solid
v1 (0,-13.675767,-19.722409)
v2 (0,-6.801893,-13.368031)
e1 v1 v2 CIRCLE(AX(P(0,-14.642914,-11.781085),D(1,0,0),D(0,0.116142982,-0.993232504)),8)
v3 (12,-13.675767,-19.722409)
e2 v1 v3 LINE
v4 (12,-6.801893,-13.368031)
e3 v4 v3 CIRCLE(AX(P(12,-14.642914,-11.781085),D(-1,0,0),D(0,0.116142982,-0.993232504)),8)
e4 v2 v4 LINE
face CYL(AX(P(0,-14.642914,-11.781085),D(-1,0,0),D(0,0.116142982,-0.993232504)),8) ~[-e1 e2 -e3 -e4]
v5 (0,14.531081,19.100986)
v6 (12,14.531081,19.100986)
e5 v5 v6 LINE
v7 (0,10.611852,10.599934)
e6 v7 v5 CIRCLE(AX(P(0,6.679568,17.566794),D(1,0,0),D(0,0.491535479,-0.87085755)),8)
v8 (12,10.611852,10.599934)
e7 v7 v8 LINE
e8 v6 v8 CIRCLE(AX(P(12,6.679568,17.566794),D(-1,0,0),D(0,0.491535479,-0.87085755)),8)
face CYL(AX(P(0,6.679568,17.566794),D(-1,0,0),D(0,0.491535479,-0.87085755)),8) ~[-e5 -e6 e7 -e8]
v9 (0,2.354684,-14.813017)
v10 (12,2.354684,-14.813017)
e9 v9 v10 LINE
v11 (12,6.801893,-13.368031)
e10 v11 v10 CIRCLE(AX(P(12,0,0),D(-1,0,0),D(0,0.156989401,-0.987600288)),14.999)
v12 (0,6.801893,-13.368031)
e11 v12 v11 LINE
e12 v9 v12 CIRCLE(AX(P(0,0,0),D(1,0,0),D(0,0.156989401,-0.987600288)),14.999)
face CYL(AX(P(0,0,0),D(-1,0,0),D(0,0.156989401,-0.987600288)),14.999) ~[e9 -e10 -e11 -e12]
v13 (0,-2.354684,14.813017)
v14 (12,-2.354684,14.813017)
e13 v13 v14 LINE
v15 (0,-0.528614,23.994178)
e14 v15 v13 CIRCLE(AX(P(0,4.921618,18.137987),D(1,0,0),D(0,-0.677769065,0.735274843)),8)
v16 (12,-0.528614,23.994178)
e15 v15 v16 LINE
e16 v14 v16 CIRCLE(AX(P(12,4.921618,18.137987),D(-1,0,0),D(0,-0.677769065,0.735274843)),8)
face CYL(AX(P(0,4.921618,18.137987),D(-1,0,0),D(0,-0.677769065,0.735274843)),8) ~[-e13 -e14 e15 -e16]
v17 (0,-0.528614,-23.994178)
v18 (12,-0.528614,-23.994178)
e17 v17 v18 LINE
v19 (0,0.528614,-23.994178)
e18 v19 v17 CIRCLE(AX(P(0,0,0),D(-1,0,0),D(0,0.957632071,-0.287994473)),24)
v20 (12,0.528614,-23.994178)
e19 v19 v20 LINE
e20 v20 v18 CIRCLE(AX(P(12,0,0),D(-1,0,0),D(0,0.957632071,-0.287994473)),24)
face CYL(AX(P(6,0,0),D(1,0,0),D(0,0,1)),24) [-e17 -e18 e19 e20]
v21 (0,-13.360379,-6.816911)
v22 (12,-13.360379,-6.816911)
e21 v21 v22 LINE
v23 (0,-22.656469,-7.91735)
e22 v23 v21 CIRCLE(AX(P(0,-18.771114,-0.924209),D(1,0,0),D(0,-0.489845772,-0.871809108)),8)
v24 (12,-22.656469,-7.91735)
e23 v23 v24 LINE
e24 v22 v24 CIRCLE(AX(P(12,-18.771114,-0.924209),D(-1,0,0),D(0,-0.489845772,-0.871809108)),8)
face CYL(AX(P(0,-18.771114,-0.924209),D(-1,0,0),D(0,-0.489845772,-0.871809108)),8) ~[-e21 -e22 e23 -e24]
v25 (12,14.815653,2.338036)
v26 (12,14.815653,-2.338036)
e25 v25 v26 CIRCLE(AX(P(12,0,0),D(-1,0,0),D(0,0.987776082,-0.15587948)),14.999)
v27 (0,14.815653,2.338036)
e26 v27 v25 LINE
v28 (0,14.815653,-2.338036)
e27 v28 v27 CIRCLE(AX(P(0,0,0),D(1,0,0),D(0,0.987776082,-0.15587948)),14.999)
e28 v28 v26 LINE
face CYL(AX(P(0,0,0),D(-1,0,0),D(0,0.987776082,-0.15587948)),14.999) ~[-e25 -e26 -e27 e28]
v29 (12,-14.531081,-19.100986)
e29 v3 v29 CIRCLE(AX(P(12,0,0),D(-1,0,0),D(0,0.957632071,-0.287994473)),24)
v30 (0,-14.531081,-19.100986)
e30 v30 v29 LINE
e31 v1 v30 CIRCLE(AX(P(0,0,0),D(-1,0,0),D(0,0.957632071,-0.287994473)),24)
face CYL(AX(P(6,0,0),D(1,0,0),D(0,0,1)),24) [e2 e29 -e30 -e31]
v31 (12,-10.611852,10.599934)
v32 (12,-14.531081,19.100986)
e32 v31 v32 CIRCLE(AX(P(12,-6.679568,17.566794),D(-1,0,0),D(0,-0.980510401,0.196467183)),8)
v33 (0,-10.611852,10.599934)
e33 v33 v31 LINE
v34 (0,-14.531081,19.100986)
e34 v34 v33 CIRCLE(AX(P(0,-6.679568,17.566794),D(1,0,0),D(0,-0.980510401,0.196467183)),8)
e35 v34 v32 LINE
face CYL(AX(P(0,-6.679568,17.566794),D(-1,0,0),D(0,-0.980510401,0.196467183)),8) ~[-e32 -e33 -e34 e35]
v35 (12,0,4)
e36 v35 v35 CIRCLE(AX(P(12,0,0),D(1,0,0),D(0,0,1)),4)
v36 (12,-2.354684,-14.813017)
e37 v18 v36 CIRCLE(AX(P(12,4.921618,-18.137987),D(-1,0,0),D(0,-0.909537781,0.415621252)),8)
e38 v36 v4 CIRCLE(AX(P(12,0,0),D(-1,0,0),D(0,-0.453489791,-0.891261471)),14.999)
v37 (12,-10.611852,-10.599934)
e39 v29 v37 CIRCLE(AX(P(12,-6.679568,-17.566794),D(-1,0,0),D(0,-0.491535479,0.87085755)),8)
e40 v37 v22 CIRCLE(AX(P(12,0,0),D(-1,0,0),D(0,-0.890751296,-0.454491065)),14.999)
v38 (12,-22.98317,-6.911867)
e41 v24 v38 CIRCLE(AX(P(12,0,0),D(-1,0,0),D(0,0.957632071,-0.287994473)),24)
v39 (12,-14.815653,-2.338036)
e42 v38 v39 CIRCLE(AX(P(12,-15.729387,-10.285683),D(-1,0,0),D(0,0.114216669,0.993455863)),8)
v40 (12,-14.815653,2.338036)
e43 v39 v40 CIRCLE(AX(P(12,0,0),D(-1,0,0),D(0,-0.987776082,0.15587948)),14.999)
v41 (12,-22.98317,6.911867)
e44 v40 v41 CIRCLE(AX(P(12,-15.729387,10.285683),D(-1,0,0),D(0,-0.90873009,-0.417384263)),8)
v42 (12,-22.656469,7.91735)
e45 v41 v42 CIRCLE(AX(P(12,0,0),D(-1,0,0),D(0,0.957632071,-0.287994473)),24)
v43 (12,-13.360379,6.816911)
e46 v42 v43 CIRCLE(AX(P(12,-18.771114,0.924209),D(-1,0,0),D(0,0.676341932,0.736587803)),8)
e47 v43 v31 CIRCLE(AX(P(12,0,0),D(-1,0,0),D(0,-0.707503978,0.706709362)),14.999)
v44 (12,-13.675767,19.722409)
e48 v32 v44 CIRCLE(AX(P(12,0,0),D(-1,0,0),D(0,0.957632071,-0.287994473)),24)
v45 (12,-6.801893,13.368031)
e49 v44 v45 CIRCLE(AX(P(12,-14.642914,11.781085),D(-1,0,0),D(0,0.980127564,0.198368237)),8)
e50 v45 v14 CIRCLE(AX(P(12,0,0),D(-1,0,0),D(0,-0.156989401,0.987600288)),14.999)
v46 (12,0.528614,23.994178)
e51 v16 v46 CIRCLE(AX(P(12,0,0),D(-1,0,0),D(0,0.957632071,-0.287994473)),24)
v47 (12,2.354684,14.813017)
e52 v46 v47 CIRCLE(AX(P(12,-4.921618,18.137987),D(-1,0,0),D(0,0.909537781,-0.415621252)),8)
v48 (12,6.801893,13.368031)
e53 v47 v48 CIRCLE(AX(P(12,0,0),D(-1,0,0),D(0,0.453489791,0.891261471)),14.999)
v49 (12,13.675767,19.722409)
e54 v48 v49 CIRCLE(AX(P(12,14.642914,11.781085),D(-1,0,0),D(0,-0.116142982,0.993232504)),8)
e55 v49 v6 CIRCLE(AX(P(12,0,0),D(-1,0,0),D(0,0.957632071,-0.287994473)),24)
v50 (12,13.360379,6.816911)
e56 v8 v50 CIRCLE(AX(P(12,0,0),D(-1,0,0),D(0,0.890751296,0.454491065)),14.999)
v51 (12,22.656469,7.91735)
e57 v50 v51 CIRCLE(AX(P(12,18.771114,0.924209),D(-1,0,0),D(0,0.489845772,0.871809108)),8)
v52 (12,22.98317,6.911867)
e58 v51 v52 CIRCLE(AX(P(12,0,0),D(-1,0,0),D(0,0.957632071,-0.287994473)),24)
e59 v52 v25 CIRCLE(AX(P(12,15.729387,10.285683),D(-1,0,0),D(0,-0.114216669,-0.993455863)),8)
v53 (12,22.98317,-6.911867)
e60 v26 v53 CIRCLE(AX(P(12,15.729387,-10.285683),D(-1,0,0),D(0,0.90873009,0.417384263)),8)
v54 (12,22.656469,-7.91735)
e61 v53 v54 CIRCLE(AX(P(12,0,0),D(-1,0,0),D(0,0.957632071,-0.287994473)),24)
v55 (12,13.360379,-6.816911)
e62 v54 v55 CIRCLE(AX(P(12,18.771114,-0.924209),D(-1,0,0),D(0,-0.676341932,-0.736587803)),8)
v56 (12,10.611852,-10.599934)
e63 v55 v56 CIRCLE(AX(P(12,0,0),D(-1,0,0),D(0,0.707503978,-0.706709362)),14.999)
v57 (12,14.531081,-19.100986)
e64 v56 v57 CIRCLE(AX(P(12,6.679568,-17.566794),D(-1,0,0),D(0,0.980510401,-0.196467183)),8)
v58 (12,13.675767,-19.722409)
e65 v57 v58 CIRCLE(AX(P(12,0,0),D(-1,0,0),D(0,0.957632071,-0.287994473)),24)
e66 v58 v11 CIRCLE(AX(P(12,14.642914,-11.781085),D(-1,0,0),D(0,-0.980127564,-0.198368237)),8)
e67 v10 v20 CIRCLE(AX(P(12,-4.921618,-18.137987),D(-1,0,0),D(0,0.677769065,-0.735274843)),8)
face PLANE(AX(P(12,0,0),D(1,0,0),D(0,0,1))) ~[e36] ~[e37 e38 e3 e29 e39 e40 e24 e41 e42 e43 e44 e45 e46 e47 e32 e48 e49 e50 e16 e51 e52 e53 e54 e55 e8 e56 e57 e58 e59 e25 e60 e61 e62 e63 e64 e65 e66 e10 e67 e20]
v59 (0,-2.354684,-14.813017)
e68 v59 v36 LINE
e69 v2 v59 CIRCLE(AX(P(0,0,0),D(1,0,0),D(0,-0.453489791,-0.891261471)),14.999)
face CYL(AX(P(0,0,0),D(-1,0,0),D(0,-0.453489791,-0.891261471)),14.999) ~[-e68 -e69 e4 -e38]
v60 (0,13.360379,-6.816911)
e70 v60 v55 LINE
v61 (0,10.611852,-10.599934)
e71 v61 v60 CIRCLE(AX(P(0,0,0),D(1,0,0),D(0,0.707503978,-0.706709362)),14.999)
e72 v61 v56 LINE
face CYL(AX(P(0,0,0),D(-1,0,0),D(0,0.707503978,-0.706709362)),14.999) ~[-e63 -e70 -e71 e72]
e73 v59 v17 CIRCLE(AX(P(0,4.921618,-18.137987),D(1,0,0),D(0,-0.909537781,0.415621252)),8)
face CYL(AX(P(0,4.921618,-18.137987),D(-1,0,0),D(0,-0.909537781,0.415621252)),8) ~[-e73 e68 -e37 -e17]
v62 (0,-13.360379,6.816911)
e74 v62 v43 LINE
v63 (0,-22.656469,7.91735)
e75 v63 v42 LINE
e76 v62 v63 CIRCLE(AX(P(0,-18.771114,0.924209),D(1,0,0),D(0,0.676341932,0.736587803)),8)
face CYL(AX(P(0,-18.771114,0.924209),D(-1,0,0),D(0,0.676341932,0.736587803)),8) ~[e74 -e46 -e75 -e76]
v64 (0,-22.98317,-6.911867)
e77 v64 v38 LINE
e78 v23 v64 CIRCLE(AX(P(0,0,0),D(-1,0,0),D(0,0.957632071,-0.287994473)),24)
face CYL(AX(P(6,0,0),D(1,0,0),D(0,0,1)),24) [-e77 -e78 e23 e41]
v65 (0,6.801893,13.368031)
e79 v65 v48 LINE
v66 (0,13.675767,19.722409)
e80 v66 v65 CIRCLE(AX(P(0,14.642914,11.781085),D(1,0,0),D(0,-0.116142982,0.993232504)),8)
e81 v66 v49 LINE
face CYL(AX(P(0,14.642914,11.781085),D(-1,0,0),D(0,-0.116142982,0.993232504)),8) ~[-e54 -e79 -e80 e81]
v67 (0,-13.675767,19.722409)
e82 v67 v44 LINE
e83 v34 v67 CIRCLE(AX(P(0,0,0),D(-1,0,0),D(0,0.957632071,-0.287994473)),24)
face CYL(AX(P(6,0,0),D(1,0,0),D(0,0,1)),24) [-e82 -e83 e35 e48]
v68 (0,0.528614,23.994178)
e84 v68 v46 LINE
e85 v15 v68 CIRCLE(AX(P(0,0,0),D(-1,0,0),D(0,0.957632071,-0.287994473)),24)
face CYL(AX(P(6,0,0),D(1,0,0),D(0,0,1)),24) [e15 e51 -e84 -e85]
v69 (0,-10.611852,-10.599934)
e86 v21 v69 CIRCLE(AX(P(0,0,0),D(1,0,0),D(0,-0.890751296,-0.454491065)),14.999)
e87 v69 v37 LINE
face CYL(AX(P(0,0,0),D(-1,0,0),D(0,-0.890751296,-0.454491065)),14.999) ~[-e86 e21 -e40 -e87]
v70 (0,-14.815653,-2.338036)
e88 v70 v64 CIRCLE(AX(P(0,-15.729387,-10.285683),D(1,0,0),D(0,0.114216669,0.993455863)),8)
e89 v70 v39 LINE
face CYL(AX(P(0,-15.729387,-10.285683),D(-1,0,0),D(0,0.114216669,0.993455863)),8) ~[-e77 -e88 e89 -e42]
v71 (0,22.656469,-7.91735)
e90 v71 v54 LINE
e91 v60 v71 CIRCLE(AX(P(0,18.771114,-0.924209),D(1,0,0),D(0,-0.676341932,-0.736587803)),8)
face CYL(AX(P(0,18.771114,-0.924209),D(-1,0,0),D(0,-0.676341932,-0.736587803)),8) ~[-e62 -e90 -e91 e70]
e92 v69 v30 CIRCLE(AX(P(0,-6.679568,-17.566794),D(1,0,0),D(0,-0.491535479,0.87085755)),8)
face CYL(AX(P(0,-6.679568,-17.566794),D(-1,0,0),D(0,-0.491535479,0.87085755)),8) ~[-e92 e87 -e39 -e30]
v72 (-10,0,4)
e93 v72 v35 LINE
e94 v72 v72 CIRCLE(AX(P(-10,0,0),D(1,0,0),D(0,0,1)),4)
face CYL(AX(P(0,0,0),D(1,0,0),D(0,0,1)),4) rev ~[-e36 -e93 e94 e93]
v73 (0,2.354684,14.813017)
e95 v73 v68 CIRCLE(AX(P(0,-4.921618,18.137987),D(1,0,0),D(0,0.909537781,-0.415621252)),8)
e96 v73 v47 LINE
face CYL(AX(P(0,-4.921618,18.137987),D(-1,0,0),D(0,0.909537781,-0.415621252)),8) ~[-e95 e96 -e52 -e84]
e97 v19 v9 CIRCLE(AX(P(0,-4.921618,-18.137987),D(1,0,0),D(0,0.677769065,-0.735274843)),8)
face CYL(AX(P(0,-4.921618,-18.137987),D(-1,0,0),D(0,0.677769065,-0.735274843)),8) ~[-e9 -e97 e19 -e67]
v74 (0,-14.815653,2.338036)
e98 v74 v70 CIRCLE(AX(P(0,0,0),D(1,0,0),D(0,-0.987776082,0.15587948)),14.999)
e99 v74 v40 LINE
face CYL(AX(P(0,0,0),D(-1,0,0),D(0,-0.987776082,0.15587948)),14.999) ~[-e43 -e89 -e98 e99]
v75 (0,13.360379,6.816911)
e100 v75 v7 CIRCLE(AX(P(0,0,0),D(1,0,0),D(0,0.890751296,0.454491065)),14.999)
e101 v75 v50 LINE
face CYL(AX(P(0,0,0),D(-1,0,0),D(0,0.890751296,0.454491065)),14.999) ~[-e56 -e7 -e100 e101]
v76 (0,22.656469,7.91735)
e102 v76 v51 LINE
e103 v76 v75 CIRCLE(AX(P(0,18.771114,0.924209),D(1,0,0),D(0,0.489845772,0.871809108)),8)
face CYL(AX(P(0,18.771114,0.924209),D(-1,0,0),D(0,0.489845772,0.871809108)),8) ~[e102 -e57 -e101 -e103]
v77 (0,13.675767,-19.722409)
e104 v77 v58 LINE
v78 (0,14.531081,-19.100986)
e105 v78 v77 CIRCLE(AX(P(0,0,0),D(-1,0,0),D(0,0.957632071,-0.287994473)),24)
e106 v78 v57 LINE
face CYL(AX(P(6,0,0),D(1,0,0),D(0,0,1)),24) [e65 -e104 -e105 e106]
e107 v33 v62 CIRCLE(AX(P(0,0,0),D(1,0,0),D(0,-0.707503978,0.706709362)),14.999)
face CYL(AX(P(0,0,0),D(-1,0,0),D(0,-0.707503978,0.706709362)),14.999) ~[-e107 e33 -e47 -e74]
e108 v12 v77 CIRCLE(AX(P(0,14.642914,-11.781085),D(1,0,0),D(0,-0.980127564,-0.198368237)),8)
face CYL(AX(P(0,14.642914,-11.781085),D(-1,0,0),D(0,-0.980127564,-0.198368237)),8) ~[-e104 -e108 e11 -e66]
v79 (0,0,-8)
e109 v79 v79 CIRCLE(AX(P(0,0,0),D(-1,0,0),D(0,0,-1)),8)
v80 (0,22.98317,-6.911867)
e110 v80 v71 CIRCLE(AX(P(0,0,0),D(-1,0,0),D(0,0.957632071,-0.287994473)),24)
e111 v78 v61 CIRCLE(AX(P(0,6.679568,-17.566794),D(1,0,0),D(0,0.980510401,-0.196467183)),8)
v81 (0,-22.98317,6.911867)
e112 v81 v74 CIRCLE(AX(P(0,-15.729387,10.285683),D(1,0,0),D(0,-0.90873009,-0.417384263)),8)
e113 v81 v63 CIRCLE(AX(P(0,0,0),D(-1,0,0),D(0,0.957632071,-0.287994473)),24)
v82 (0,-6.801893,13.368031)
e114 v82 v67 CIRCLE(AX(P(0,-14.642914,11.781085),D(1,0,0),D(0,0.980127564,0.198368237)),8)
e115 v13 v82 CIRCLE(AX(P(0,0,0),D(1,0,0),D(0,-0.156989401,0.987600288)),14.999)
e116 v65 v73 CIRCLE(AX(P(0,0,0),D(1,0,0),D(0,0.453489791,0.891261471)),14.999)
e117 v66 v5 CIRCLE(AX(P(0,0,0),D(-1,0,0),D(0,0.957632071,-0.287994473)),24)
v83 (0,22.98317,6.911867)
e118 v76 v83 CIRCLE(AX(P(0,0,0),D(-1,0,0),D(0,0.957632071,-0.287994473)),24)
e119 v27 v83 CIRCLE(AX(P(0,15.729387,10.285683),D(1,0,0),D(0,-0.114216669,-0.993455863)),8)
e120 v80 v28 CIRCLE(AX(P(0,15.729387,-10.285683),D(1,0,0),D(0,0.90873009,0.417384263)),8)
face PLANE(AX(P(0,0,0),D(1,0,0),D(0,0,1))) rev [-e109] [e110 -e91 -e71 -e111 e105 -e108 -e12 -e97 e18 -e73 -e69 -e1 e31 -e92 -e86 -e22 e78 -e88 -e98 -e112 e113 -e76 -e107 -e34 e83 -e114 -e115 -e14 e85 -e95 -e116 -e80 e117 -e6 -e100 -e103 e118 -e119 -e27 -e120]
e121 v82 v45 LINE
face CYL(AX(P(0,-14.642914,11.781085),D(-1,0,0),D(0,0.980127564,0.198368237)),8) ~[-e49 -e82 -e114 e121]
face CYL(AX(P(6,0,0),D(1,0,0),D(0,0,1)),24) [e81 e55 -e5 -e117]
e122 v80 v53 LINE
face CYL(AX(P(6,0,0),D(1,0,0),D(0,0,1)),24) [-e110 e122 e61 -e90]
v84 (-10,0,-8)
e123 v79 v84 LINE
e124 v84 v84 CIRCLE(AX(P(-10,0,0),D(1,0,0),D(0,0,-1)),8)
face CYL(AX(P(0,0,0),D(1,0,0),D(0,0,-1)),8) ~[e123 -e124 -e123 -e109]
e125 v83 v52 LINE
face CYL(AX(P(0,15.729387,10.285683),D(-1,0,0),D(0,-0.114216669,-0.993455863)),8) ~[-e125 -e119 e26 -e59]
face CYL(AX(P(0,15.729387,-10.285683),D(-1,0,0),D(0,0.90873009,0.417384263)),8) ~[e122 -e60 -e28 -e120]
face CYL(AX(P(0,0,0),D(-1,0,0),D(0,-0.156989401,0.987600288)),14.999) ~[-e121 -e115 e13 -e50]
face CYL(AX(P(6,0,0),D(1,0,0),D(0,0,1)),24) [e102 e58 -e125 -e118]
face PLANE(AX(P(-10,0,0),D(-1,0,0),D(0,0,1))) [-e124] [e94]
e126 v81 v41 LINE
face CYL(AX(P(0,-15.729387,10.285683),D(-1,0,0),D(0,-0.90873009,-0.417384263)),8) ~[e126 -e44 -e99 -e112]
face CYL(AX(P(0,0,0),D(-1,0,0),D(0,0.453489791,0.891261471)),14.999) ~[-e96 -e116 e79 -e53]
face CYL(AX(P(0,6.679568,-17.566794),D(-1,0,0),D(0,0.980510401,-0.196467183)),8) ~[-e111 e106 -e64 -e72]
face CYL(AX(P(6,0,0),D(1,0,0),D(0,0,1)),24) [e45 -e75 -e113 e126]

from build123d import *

# Parameters (mm, degrees)
BASPROSKE_W        = 12
BASPROSKE_H        = 24
TOOTHCUT_DEPTH     = 37
TEETHCUTS_COUNT    = 10
TEETHCUTS_ANGLE    = 324
HUBNEAONESKE_R     = 8
HUBNEARONE_DEPTH   = 38.0000508
BORSKE_R           = 4
BORE_DEPTH         = 12.0000508
SKETCH1_R          = 10.27069338
CUT_EXTRUDE1_DEPTH = 43


with BuildPart() as part:
    # BasProSke → Base-Revolve (revolve)
    with BuildSketch(Plane(origin=(0, 0, 0), x_dir=(1, 0, 0), z_dir=(0, 1, 0)), mode=Mode.PRIVATE) as base_revolve_sk:
        with Locations((6, 12)):
            Rectangle(BASPROSKE_W, BASPROSKE_H)
    revolve(base_revolve_sk.sketch.rotate(Axis((-10, 0, 0), (1, 0, 0)), 180), axis=Axis((-10, 0, 0), (1, 0, 0)))

    # TooCutSke → ToothCut (cut, through all)
    with BuildSketch(Plane(origin=(0, 0, 0), x_dir=(0, 0, -1), z_dir=(1, 0, 0))):
        with BuildLine():
            ThreePointArc((2.33803632, 14.815653451), (0, 14.999), (-2.33803632, 14.815653451))
            ThreePointArc((-2.33803632, 14.815653451), (-3.315013319, 19.654913653), (-6.946609122, 22.999227528))
            ThreePointArc((-6.946609122, 22.999227528), (0, 24.0254), (6.946609122, 22.999227528))
            ThreePointArc((6.946609122, 22.999227528), (3.315013319, 19.654913653), (2.33803632, 14.815653451))
        make_face()
    toothcut = extrude(amount=TOOTHCUT_DEPTH, mode=Mode.SUBTRACT)

    # TeethCuts: ToothCut ×10 about axis
    teethcuts_axis = Axis((-10, 0, 0), (1, 0, 0))
    for i in range(1, TEETHCUTS_COUNT):
        add(toothcut.rotate(teethcuts_axis, i * TEETHCUTS_ANGLE / (TEETHCUTS_COUNT - 1)), mode=Mode.SUBTRACT)

    # HubNeaOneSke → HubNearOne (add)
    with BuildSketch(Plane.ZY):
        with Locations(Location((0, 0, 0), (0, 0, 180))):
            Circle(HUBNEAONESKE_R)
    extrude(amount=HUBNEARONE_DEPTH)

    # BorSke → Bore (cut, symmetric)
    with BuildSketch(Plane(origin=(0, 0, 0), x_dir=(0, 0, -1), z_dir=(1, 0, 0))):
        with Locations(Location((0, 0, 0), (0, 0, 180))):
            Circle(BORSKE_R)
    extrude(amount=BORE_DEPTH, both=True, mode=Mode.SUBTRACT)

    # Sketch1 → Cut-Extrude1 (cut)
    with BuildSketch(Plane.ZY.offset(10)):
        Circle(SKETCH1_R)
    extrude(amount=CUT_EXTRUDE1_DEPTH, mode=Mode.SUBTRACT)


solid = part.part
